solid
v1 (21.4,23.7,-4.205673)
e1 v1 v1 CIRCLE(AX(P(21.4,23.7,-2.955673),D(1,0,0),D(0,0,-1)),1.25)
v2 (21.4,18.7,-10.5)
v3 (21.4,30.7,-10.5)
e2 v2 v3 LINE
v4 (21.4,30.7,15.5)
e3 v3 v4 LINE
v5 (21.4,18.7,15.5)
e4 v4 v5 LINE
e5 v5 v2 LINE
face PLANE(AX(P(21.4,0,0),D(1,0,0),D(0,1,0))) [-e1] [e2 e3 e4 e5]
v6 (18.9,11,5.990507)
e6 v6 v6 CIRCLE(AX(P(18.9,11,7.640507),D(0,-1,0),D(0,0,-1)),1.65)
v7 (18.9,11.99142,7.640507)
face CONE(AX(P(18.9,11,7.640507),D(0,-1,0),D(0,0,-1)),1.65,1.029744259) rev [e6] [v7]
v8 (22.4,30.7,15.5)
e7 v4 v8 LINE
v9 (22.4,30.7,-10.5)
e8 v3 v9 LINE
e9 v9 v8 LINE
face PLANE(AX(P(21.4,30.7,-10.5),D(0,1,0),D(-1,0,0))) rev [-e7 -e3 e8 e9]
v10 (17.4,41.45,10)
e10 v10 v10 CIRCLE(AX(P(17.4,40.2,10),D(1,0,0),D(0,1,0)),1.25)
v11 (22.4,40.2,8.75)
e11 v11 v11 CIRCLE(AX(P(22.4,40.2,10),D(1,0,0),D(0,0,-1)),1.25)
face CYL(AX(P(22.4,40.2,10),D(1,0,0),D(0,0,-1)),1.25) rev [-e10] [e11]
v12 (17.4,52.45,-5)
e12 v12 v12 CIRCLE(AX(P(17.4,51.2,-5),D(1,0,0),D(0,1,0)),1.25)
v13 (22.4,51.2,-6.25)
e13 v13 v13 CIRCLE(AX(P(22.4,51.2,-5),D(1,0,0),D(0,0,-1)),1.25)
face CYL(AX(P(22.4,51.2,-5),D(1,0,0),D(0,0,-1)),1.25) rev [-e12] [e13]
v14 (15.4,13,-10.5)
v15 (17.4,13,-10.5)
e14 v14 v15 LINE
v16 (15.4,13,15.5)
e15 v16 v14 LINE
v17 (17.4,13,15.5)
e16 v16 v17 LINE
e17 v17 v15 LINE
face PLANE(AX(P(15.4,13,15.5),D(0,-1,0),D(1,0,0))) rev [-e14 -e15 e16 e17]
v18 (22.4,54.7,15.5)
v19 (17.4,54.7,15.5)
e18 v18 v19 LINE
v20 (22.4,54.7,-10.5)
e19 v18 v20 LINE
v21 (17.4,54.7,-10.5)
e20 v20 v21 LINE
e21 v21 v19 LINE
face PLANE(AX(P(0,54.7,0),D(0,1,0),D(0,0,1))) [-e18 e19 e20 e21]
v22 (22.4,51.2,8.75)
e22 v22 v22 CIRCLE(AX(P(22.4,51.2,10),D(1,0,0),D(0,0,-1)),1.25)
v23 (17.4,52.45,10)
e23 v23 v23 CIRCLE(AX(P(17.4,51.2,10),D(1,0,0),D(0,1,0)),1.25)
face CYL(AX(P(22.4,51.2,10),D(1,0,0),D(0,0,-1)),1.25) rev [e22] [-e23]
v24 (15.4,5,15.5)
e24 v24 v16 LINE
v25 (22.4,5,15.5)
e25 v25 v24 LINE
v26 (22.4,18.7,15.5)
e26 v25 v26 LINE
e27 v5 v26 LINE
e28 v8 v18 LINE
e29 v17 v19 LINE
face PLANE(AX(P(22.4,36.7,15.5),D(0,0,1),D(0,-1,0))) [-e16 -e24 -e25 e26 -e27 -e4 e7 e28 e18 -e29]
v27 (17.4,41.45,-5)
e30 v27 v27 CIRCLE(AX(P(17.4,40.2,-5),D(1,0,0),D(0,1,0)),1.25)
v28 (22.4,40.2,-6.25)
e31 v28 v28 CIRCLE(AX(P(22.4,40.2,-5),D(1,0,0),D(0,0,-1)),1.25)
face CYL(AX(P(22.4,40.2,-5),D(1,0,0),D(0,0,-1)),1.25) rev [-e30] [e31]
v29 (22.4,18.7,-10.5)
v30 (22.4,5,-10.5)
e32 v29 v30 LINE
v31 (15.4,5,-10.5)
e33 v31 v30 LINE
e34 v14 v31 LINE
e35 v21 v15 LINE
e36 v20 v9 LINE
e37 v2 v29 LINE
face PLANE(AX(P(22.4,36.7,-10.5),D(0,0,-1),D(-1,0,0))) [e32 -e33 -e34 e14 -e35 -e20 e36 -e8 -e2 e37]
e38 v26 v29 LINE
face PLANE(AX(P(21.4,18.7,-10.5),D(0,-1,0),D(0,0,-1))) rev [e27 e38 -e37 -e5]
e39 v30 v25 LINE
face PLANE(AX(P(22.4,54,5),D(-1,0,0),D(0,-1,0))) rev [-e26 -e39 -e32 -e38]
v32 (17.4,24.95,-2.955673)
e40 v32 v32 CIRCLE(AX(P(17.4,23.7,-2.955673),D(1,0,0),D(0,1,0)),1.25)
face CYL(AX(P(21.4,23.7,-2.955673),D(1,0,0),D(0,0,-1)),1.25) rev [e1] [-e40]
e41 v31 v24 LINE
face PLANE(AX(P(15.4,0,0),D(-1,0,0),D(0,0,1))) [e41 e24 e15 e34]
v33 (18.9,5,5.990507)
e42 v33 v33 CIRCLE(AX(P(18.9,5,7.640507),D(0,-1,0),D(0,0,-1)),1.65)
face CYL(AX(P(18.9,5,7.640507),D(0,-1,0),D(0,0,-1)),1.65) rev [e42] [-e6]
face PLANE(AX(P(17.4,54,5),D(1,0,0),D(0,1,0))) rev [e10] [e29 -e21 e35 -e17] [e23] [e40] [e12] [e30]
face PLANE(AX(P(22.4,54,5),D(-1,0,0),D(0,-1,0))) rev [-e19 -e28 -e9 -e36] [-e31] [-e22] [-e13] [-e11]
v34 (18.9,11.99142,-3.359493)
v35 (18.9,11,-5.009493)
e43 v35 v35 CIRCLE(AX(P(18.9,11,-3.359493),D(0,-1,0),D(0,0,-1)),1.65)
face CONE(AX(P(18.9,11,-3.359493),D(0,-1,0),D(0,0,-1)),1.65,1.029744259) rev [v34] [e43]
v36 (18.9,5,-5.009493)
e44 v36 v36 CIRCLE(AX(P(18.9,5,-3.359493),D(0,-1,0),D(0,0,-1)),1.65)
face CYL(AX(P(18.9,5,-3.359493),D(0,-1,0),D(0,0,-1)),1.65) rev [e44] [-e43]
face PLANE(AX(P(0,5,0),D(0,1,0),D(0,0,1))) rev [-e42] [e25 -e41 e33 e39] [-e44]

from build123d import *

# Parameters (mm, degrees)
SKETCH_1_W             = 30
SKETCH_1_H             = 6
EXTRUDE_1_DEPTH        = 5
SKETCH_2_R             = 2.25
CUT_EXTRUDE_1_DEPTH    = 6
SKETCH_3_W             = 40
SKETCH_3_H             = 30
EXTRUDE_2_DEPTH        = 5
SKETCH_4_W             = 3
SKETCH_4_H             = 20
CUT_EXTRUDE_2_DEPTH    = 10
SKETCH_7_W             = 10
SKETCH_7_H             = 5
CUT_EXTRUDE_3_DEPTH    = 31
SKETCH_9_W             = 5
SKETCH_9_H             = 5
EXTRUDE_5_DEPTH        = 18
SKETCH_10_W            = 10
SKETCH_10_H            = 20
CUT_EXTRUDE_4_DEPTH    = 18
SKETCH_11_W            = 17
SKETCH_11_H            = 5
EXTRUDE_6_DEPTH        = 0.7
SKETCH_12_W            = 5
SKETCH_12_H            = 5
EXTRUDE_7_DEPTH        = 0.7
SKETCH_13_W            = 26
SKETCH_13_H            = 18
EXTRUDE_8_DEPTH        = 5
HOLE_WIZARD_M3_1_D     = 2.5
HOLE_WIZARD_M3_1_DEPTH = 7.5
HOLE_WIZARD_M3_1_TIP   = 0.751075774
SKETCH_16_W            = 14.26711197
SKETCH_16_H            = 39.299316136
CUT_EXTRUDE_5_DEPTH    = 31
SKETCH_17_W            = 5
SKETCH_17_H            = 26
EXTRUDE_9_DEPTH        = 30.7
SKETCH_18_W            = 5
SKETCH_18_H            = 26
EXTRUDE_10_DEPTH       = 1
SKETCH_20_W            = 26
SKETCH_20_H            = 8
EXTRUDE_11_DEPTH       = 2
HOLE_WIZARD_M4_1_D     = 3.3
HOLE_WIZARD_M4_1_DEPTH = 6
HOLE_WIZARD_M4_1_TIP   = 0.991420021
SKETCH_23_W            = 26
SKETCH_23_H            = 12
CUT_EXTRUDE_6_DEPTH    = 1
HOLE_WIZARD_M3_2_D     = 2.5
HOLE_WIZARD_M3_2_DEPTH = 7.5
HOLE_WIZARD_M3_2_TIP   = 0.751075774


with BuildPart() as part:
    # 草图1 → 凸台-拉伸1 (new body)
    with BuildSketch(Plane.XY):
        with Locations((15, 3)):
            Rectangle(SKETCH_1_W, SKETCH_1_H)
    extrude(amount=EXTRUDE_1_DEPTH)

    # 草图2 → 切除-拉伸1 (cut, through all)
    with BuildSketch(Plane.XY.offset(5)):
        with Locations((22.5, 3)):
            Circle(SKETCH_2_R)
        with Locations((7.5, 3)):
            Circle(SKETCH_2_R)
    extrude(amount=-CUT_EXTRUDE_1_DEPTH, mode=Mode.SUBTRACT)

    # 草图3 → 凸台-拉伸2 (add)
    with BuildSketch(Plane.XY.offset(5)):
        with Locations((10, 21)):
            Rectangle(SKETCH_3_W, SKETCH_3_H)
    extrude(amount=-EXTRUDE_2_DEPTH)

    # 草图4 → 切除-拉伸2 (cut)
    with BuildSketch(Plane.XY.offset(5)):
        with Locations((28.5, 26)):
            Rectangle(SKETCH_4_W, SKETCH_4_H)
    extrude(amount=-CUT_EXTRUDE_2_DEPTH, mode=Mode.SUBTRACT)

    # 草图7 → 切除-拉伸3 (cut, through all)
    with BuildSketch(Plane.XZ.offset(-6)):
        with Locations((-5, 2.5)):
            Rectangle(SKETCH_7_W, SKETCH_7_H)
    extrude(amount=-CUT_EXTRUDE_3_DEPTH, mode=Mode.SUBTRACT)

    # 草图9 → 凸台-拉伸5 (add)
    with BuildSketch(Plane(origin=(0, 36, 0), x_dir=(1, 0, 0), z_dir=(0, 1, 0))):
        with Locations((19.9, -2.5)):
            Rectangle(SKETCH_9_W, SKETCH_9_H)
    extrude(amount=EXTRUDE_5_DEPTH)

    # 草图10 → 切除-拉伸4 (cut)
    with BuildSketch(Plane.XY.offset(5)):
        with Locations((5, 26)):
            Rectangle(SKETCH_10_W, SKETCH_10_H)
    extrude(amount=-CUT_EXTRUDE_4_DEPTH, mode=Mode.SUBTRACT)

    # 草图11 → 凸台-拉伸6 (add)
    with BuildSketch(Plane(origin=(0, 36, 0), x_dir=(1, 0, 0), z_dir=(0, 1, 0))):
        with Locations((18.5, -2.5)):
            Rectangle(SKETCH_11_W, SKETCH_11_H)
    extrude(amount=EXTRUDE_6_DEPTH)

    # 草图12 → 凸台-拉伸7 (add)
    with BuildSketch(Plane(origin=(0, 54, 0), x_dir=(1, 0, 0), z_dir=(0, 1, 0))):
        with Locations((19.9, -2.5)):
            Rectangle(SKETCH_12_W, SKETCH_12_H)
    extrude(amount=EXTRUDE_7_DEPTH)

    # 草图13 → 凸台-拉伸8 (add)
    with BuildSketch(Plane.ZY.offset(-17.4)):
        with Locations((2.5, 45.7)):
            Rectangle(SKETCH_13_W, SKETCH_13_H)
    extrude(amount=-EXTRUDE_8_DEPTH)

    # M3 螺纹孔1
    with Locations(Plane(origin=(22.4, 0, 0), x_dir=(0, 0, -1), z_dir=(1, 0, 0))):
        with Locations((-10, 40.2), (5, 40.2), (5, 51.2), (-10, 51.2)):
            Hole(HOLE_WIZARD_M3_1_D / 2, depth=HOLE_WIZARD_M3_1_DEPTH)
            with Locations((0, 0, -(HOLE_WIZARD_M3_1_DEPTH + HOLE_WIZARD_M3_1_TIP / 2))):  # 118° drill point
                Cone(0, HOLE_WIZARD_M3_1_D / 2, HOLE_WIZARD_M3_1_TIP, mode=Mode.SUBTRACT)

    # 草图16 → 切除-拉伸5 (cut, through all)
    with BuildSketch(Plane(origin=(30, 0, 0), x_dir=(0, 0, -1), z_dir=(1, 0, 0))):
        with Locations((-7.133555985, 17.050341932)):
            Rectangle(SKETCH_16_W, SKETCH_16_H)
    extrude(amount=-CUT_EXTRUDE_5_DEPTH, mode=Mode.SUBTRACT)

    # 草图17 → 凸台-拉伸9 (add)
    with BuildSketch(Plane.XZ.offset(-36.7)):
        with Locations((19.9, 2.5)):
            Rectangle(SKETCH_17_W, SKETCH_17_H)
    extrude(amount=EXTRUDE_9_DEPTH)

    # 草图18 → 凸台-拉伸10 (add)
    with BuildSketch(Plane.XZ.offset(-6)):
        with Locations((19.9, 2.5)):
            Rectangle(SKETCH_18_W, SKETCH_18_H)
    extrude(amount=EXTRUDE_10_DEPTH)

    # 草图20 → 凸台-拉伸11 (add)
    with BuildSketch(Plane.ZY.offset(-17.4)):
        with Locations((2.5, 9)):
            Rectangle(SKETCH_20_W, SKETCH_20_H)
    extrude(amount=EXTRUDE_11_DEPTH)

    # M4 螺纹孔1
    with Locations(Plane(origin=(0, 5, 0), x_dir=(-1, 0, 0), z_dir=(0, -1, 0))):
        with Locations((-18.9, -7.640506964), (-18.9, 3.359493036)):
            Hole(HOLE_WIZARD_M4_1_D / 2, depth=HOLE_WIZARD_M4_1_DEPTH)
            with Locations((0, 0, -(HOLE_WIZARD_M4_1_DEPTH + HOLE_WIZARD_M4_1_TIP / 2))):  # 118° drill point
                Cone(0, HOLE_WIZARD_M4_1_D / 2, HOLE_WIZARD_M4_1_TIP, mode=Mode.SUBTRACT)

    # 草图23 → 切除-拉伸6 (cut)
    with BuildSketch(Plane(origin=(22.4, 0, 0), x_dir=(0, 0, -1), z_dir=(1, 0, 0))):
        with Locations((-2.5, 24.7)):
            Rectangle(SKETCH_23_W, SKETCH_23_H)
    extrude(amount=-CUT_EXTRUDE_6_DEPTH, mode=Mode.SUBTRACT)

    # M3 螺纹孔2
    with Locations(Plane(origin=(21.4, 0, 0), x_dir=(0, 0, -1), z_dir=(1, 0, 0))):
        with Locations((2.955672884, 23.7)):
            Hole(HOLE_WIZARD_M3_2_D / 2, depth=HOLE_WIZARD_M3_2_DEPTH)
            with Locations((0, 0, -(HOLE_WIZARD_M3_2_DEPTH + HOLE_WIZARD_M3_2_TIP / 2))):  # 118° drill point
                Cone(0, HOLE_WIZARD_M3_2_D / 2, HOLE_WIZARD_M3_2_TIP, mode=Mode.SUBTRACT)


solid = part.part
